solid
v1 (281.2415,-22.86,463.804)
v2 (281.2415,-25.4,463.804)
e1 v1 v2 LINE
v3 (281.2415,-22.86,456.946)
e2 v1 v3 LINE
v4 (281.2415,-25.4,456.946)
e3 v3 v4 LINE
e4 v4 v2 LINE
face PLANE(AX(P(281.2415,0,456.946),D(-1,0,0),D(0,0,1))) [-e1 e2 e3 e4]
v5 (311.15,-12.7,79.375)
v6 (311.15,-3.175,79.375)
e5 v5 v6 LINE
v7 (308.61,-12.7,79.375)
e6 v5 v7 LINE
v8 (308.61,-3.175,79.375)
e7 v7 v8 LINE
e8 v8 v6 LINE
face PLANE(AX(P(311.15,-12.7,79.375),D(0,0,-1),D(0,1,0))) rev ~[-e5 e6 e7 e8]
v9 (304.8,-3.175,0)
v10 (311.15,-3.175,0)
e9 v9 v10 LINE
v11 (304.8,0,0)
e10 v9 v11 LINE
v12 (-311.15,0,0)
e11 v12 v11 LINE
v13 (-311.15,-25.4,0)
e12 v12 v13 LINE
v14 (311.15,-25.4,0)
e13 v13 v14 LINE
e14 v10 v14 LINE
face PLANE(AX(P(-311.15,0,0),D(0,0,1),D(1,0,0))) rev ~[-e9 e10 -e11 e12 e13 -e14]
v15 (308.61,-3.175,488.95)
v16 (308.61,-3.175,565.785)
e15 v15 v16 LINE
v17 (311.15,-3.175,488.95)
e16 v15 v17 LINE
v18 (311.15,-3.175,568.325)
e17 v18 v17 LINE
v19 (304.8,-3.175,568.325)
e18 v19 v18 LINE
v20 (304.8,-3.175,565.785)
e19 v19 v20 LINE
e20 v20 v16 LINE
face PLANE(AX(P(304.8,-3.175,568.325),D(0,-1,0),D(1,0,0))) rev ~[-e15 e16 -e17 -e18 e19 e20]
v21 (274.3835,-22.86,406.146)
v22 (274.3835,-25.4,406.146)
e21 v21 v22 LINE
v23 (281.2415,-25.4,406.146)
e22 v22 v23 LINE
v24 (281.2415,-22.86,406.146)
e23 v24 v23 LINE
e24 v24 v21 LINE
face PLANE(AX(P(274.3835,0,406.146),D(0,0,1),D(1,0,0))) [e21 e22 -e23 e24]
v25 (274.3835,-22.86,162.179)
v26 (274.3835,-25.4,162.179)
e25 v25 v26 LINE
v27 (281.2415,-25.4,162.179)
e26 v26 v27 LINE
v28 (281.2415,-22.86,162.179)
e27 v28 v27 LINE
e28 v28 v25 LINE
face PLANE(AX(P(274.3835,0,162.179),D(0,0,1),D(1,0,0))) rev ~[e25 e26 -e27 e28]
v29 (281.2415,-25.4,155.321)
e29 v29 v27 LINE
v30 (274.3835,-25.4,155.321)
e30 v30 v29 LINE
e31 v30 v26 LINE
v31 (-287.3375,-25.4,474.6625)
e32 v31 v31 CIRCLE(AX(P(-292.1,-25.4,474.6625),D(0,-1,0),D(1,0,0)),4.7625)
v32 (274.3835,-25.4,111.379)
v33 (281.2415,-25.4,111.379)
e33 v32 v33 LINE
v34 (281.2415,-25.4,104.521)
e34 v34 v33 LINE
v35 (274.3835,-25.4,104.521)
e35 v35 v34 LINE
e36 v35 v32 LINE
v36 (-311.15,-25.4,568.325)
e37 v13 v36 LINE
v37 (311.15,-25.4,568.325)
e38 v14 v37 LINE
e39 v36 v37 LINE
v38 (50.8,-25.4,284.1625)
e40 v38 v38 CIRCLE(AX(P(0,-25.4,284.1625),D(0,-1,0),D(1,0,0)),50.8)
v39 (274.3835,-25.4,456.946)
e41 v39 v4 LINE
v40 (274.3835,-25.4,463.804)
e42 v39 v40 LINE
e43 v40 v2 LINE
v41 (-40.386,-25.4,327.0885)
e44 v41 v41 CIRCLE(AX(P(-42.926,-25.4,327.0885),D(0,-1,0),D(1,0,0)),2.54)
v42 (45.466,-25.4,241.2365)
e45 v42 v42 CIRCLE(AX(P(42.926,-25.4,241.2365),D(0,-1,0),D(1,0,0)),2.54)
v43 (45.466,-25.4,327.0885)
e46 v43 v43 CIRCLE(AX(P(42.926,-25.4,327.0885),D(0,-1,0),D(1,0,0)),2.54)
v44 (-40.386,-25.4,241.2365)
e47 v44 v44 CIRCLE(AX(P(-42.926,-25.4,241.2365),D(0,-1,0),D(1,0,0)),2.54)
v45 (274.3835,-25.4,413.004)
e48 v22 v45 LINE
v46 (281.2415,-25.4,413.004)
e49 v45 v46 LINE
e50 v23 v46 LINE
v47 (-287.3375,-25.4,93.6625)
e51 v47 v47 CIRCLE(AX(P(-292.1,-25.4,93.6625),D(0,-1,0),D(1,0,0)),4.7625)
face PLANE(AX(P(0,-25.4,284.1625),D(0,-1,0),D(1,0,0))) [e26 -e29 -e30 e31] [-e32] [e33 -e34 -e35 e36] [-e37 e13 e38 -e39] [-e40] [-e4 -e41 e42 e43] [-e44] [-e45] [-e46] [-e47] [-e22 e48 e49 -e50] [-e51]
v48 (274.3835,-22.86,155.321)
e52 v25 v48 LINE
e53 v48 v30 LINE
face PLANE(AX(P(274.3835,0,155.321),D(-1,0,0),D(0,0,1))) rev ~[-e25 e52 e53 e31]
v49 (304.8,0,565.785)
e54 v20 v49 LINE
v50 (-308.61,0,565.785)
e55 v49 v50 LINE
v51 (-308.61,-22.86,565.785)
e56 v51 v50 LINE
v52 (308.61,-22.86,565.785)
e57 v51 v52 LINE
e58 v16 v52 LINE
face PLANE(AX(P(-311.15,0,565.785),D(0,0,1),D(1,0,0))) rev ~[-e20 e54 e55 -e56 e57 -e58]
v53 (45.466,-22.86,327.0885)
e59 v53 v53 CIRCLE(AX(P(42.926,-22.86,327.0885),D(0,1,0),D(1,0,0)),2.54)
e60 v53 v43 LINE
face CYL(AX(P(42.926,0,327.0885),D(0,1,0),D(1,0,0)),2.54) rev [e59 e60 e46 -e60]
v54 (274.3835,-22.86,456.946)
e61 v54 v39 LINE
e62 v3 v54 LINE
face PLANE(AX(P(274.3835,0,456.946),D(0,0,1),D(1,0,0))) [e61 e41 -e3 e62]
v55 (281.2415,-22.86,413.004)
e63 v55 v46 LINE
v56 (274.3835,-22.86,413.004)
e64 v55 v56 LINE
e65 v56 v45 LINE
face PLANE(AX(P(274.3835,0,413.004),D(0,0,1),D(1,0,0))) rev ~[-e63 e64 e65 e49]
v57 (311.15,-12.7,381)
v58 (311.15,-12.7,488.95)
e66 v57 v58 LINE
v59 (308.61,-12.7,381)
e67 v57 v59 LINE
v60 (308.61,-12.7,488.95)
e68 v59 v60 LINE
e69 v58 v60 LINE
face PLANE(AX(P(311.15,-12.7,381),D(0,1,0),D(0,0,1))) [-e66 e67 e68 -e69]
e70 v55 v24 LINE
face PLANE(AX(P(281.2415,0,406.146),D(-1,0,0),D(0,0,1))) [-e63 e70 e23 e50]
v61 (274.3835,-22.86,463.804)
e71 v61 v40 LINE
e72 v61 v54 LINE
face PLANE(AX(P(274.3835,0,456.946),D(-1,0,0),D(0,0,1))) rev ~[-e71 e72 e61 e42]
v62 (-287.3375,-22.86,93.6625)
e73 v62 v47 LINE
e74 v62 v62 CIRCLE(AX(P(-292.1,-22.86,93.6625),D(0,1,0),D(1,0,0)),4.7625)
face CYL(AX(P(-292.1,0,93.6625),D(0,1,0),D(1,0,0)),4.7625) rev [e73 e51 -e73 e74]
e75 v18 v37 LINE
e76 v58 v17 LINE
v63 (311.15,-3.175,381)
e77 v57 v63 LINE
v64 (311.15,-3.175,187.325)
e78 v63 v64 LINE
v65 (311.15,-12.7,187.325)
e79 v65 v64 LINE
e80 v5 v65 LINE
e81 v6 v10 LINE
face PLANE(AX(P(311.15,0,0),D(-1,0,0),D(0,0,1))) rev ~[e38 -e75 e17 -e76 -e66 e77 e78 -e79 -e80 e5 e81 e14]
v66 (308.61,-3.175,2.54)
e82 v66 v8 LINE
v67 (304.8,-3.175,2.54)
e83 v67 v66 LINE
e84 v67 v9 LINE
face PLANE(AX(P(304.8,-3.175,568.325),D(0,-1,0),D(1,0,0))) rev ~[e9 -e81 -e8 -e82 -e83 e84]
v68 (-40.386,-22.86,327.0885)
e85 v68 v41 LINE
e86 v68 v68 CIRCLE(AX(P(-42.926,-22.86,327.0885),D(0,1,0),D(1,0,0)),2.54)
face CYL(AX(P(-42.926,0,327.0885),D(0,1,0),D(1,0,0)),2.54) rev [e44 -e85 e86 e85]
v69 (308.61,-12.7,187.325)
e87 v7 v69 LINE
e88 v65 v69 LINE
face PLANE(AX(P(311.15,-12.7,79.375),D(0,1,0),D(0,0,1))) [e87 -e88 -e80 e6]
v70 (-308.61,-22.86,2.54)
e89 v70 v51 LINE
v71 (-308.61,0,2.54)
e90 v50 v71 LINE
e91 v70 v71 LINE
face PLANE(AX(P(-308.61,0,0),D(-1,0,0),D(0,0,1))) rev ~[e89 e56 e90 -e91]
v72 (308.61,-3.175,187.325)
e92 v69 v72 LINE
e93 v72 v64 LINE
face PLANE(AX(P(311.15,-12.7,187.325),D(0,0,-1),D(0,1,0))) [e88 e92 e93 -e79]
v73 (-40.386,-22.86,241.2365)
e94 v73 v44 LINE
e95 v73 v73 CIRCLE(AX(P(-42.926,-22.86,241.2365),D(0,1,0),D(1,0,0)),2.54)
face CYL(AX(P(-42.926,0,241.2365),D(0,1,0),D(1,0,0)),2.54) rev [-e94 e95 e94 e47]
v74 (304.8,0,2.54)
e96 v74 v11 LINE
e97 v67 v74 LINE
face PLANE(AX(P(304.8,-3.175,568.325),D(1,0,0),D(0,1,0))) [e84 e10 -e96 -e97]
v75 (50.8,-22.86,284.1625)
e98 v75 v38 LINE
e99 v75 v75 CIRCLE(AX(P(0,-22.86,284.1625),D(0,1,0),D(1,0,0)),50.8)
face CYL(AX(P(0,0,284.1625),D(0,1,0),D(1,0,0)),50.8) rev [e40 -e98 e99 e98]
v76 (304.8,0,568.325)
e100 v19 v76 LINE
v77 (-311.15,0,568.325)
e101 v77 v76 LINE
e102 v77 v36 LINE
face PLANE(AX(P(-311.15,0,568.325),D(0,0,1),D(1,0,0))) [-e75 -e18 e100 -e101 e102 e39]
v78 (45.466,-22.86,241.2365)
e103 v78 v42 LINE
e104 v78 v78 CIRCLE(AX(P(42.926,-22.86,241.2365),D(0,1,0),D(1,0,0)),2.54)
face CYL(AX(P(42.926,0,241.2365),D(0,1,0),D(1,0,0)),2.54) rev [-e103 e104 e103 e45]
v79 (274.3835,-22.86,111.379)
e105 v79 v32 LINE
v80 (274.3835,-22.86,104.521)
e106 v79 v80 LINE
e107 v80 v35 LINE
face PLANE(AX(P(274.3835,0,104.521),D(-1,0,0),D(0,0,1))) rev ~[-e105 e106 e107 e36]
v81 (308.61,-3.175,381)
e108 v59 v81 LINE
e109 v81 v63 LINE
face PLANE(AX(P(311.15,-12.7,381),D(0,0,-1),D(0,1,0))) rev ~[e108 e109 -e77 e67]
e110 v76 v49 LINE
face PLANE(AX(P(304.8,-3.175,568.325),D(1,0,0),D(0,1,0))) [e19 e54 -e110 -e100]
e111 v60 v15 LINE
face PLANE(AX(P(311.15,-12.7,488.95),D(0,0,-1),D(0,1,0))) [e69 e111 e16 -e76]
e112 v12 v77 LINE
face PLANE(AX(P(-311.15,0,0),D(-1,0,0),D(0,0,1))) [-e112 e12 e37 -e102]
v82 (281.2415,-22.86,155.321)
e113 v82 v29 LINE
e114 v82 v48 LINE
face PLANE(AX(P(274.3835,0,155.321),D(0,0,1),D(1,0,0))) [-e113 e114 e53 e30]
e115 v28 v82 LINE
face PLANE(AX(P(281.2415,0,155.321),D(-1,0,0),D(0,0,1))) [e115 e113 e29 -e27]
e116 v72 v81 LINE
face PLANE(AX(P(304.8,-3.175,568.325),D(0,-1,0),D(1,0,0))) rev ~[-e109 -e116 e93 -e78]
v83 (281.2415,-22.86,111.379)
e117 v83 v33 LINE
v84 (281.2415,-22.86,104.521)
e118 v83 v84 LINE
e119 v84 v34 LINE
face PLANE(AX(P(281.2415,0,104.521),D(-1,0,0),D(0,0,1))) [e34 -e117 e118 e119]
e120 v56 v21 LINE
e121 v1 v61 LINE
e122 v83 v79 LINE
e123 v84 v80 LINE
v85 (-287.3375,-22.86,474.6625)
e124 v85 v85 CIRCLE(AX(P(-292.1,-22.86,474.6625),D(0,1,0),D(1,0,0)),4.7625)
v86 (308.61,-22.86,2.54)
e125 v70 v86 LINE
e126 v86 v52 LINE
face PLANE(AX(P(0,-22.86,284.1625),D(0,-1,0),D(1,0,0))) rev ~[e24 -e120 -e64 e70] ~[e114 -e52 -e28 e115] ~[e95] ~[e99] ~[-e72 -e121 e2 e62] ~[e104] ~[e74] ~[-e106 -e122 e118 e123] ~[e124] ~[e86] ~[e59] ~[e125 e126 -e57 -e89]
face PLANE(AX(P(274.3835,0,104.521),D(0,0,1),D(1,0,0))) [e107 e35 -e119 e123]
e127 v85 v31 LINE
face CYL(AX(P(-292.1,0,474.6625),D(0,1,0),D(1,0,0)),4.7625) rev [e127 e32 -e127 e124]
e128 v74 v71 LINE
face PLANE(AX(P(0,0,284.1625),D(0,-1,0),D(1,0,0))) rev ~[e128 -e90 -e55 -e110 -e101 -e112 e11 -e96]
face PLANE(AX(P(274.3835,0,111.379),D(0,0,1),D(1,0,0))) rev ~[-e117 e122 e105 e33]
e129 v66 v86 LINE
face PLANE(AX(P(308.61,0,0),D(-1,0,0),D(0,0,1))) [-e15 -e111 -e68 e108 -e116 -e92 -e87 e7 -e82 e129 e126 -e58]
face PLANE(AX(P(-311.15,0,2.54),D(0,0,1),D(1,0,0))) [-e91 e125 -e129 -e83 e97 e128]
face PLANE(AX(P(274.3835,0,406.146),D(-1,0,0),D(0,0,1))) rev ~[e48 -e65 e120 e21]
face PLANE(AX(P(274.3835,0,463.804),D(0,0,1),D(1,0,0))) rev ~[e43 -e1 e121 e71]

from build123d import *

# Parameters (mm, degrees)
F0_W     = 622.3
F0_H     = 568.325
F0_R     = 4.7625
F0_R_2   = 2.54
F0_W_2   = 6.858
F0_H_2   = 6.858
F0_R_3   = 50.8
F1_DEPTH = 25.4
F2_T     = -2.54
F3_W     = 617.22
F3_H     = 22.86
F4_DEPTH = 563.245
F5_W     = 6.35
F5_H     = 3.175
F6_DEPTH = 568.326
F7_W     = 12.7
F7_H     = 107.95
F8_DEPTH = 2.54


with BuildPart() as f1:
    # F0 (on Front) → F1 (new body)
    with BuildSketch(Plane.XZ):
        with Locations((0, 284.1625)):
            Rectangle(F0_W, F0_H)
        with Locations((-292.1, 93.6625)):
            Circle(F0_R, mode=Mode.SUBTRACT)
        with Locations((-42.926, 241.2365)):
            Circle(F0_R_2, mode=Mode.SUBTRACT)
        with Locations((277.8125, 107.95)):
            Rectangle(F0_W_2, F0_H_2, mode=Mode.SUBTRACT)
        with Locations((42.926, 241.2365)):
            Circle(F0_R_2, mode=Mode.SUBTRACT)
        with Locations((277.8125, 158.75)):
            Rectangle(F0_W_2, F0_H_2, mode=Mode.SUBTRACT)
        with Locations((-42.926, 327.0885)):
            Circle(F0_R_2, mode=Mode.SUBTRACT)
        with Locations((-292.1, 474.6625)):
            Circle(F0_R, mode=Mode.SUBTRACT)
        with Locations((0, 284.1625)):
            Circle(F0_R_3, mode=Mode.SUBTRACT)
        with Locations((42.926, 327.0885)):
            Circle(F0_R_2, mode=Mode.SUBTRACT)
        with Locations((277.8125, 409.575)):
            Rectangle(F0_W_2, F0_H_2, mode=Mode.SUBTRACT)
        with Locations((277.8125, 460.375)):
            Rectangle(F0_W_2, F0_H_2, mode=Mode.SUBTRACT)
    extrude(amount=F1_DEPTH)

    # F2
    f2_openings = [f1.faces().sort_by_distance(p)[0] for p in [
        (302.722363, 0, 284.1625),
    ]]
    offset(amount=F2_T, openings=f2_openings, kind=Kind.INTERSECTION)

    # F3 (on face) → F4 (cut, through all)
    with BuildSketch(Plane.XY.offset(2.54)):
        with Locations((0, -11.43)):
            Rectangle(F3_W, F3_H)
    extrude(amount=F4_DEPTH, mode=Mode.SUBTRACT)

    # F5 (on face) → F6 (cut, through all)
    with BuildSketch(Plane.XY.offset(568.325)):
        with Locations((307.975, -1.5875)):
            Rectangle(F5_W, F5_H)
    extrude(amount=-F6_DEPTH, mode=Mode.SUBTRACT)

    # F7 (on face) → F8 (cut, through all)
    with BuildSketch(Plane.YZ.offset(311.15)):
        with Locations((-6.35, 434.975)):
            Rectangle(F7_W, F7_H)
        with Locations((-6.35, 133.35)):
            Rectangle(F7_W, F7_H)
    extrude(amount=-F8_DEPTH, mode=Mode.SUBTRACT)


solid = f1.part
